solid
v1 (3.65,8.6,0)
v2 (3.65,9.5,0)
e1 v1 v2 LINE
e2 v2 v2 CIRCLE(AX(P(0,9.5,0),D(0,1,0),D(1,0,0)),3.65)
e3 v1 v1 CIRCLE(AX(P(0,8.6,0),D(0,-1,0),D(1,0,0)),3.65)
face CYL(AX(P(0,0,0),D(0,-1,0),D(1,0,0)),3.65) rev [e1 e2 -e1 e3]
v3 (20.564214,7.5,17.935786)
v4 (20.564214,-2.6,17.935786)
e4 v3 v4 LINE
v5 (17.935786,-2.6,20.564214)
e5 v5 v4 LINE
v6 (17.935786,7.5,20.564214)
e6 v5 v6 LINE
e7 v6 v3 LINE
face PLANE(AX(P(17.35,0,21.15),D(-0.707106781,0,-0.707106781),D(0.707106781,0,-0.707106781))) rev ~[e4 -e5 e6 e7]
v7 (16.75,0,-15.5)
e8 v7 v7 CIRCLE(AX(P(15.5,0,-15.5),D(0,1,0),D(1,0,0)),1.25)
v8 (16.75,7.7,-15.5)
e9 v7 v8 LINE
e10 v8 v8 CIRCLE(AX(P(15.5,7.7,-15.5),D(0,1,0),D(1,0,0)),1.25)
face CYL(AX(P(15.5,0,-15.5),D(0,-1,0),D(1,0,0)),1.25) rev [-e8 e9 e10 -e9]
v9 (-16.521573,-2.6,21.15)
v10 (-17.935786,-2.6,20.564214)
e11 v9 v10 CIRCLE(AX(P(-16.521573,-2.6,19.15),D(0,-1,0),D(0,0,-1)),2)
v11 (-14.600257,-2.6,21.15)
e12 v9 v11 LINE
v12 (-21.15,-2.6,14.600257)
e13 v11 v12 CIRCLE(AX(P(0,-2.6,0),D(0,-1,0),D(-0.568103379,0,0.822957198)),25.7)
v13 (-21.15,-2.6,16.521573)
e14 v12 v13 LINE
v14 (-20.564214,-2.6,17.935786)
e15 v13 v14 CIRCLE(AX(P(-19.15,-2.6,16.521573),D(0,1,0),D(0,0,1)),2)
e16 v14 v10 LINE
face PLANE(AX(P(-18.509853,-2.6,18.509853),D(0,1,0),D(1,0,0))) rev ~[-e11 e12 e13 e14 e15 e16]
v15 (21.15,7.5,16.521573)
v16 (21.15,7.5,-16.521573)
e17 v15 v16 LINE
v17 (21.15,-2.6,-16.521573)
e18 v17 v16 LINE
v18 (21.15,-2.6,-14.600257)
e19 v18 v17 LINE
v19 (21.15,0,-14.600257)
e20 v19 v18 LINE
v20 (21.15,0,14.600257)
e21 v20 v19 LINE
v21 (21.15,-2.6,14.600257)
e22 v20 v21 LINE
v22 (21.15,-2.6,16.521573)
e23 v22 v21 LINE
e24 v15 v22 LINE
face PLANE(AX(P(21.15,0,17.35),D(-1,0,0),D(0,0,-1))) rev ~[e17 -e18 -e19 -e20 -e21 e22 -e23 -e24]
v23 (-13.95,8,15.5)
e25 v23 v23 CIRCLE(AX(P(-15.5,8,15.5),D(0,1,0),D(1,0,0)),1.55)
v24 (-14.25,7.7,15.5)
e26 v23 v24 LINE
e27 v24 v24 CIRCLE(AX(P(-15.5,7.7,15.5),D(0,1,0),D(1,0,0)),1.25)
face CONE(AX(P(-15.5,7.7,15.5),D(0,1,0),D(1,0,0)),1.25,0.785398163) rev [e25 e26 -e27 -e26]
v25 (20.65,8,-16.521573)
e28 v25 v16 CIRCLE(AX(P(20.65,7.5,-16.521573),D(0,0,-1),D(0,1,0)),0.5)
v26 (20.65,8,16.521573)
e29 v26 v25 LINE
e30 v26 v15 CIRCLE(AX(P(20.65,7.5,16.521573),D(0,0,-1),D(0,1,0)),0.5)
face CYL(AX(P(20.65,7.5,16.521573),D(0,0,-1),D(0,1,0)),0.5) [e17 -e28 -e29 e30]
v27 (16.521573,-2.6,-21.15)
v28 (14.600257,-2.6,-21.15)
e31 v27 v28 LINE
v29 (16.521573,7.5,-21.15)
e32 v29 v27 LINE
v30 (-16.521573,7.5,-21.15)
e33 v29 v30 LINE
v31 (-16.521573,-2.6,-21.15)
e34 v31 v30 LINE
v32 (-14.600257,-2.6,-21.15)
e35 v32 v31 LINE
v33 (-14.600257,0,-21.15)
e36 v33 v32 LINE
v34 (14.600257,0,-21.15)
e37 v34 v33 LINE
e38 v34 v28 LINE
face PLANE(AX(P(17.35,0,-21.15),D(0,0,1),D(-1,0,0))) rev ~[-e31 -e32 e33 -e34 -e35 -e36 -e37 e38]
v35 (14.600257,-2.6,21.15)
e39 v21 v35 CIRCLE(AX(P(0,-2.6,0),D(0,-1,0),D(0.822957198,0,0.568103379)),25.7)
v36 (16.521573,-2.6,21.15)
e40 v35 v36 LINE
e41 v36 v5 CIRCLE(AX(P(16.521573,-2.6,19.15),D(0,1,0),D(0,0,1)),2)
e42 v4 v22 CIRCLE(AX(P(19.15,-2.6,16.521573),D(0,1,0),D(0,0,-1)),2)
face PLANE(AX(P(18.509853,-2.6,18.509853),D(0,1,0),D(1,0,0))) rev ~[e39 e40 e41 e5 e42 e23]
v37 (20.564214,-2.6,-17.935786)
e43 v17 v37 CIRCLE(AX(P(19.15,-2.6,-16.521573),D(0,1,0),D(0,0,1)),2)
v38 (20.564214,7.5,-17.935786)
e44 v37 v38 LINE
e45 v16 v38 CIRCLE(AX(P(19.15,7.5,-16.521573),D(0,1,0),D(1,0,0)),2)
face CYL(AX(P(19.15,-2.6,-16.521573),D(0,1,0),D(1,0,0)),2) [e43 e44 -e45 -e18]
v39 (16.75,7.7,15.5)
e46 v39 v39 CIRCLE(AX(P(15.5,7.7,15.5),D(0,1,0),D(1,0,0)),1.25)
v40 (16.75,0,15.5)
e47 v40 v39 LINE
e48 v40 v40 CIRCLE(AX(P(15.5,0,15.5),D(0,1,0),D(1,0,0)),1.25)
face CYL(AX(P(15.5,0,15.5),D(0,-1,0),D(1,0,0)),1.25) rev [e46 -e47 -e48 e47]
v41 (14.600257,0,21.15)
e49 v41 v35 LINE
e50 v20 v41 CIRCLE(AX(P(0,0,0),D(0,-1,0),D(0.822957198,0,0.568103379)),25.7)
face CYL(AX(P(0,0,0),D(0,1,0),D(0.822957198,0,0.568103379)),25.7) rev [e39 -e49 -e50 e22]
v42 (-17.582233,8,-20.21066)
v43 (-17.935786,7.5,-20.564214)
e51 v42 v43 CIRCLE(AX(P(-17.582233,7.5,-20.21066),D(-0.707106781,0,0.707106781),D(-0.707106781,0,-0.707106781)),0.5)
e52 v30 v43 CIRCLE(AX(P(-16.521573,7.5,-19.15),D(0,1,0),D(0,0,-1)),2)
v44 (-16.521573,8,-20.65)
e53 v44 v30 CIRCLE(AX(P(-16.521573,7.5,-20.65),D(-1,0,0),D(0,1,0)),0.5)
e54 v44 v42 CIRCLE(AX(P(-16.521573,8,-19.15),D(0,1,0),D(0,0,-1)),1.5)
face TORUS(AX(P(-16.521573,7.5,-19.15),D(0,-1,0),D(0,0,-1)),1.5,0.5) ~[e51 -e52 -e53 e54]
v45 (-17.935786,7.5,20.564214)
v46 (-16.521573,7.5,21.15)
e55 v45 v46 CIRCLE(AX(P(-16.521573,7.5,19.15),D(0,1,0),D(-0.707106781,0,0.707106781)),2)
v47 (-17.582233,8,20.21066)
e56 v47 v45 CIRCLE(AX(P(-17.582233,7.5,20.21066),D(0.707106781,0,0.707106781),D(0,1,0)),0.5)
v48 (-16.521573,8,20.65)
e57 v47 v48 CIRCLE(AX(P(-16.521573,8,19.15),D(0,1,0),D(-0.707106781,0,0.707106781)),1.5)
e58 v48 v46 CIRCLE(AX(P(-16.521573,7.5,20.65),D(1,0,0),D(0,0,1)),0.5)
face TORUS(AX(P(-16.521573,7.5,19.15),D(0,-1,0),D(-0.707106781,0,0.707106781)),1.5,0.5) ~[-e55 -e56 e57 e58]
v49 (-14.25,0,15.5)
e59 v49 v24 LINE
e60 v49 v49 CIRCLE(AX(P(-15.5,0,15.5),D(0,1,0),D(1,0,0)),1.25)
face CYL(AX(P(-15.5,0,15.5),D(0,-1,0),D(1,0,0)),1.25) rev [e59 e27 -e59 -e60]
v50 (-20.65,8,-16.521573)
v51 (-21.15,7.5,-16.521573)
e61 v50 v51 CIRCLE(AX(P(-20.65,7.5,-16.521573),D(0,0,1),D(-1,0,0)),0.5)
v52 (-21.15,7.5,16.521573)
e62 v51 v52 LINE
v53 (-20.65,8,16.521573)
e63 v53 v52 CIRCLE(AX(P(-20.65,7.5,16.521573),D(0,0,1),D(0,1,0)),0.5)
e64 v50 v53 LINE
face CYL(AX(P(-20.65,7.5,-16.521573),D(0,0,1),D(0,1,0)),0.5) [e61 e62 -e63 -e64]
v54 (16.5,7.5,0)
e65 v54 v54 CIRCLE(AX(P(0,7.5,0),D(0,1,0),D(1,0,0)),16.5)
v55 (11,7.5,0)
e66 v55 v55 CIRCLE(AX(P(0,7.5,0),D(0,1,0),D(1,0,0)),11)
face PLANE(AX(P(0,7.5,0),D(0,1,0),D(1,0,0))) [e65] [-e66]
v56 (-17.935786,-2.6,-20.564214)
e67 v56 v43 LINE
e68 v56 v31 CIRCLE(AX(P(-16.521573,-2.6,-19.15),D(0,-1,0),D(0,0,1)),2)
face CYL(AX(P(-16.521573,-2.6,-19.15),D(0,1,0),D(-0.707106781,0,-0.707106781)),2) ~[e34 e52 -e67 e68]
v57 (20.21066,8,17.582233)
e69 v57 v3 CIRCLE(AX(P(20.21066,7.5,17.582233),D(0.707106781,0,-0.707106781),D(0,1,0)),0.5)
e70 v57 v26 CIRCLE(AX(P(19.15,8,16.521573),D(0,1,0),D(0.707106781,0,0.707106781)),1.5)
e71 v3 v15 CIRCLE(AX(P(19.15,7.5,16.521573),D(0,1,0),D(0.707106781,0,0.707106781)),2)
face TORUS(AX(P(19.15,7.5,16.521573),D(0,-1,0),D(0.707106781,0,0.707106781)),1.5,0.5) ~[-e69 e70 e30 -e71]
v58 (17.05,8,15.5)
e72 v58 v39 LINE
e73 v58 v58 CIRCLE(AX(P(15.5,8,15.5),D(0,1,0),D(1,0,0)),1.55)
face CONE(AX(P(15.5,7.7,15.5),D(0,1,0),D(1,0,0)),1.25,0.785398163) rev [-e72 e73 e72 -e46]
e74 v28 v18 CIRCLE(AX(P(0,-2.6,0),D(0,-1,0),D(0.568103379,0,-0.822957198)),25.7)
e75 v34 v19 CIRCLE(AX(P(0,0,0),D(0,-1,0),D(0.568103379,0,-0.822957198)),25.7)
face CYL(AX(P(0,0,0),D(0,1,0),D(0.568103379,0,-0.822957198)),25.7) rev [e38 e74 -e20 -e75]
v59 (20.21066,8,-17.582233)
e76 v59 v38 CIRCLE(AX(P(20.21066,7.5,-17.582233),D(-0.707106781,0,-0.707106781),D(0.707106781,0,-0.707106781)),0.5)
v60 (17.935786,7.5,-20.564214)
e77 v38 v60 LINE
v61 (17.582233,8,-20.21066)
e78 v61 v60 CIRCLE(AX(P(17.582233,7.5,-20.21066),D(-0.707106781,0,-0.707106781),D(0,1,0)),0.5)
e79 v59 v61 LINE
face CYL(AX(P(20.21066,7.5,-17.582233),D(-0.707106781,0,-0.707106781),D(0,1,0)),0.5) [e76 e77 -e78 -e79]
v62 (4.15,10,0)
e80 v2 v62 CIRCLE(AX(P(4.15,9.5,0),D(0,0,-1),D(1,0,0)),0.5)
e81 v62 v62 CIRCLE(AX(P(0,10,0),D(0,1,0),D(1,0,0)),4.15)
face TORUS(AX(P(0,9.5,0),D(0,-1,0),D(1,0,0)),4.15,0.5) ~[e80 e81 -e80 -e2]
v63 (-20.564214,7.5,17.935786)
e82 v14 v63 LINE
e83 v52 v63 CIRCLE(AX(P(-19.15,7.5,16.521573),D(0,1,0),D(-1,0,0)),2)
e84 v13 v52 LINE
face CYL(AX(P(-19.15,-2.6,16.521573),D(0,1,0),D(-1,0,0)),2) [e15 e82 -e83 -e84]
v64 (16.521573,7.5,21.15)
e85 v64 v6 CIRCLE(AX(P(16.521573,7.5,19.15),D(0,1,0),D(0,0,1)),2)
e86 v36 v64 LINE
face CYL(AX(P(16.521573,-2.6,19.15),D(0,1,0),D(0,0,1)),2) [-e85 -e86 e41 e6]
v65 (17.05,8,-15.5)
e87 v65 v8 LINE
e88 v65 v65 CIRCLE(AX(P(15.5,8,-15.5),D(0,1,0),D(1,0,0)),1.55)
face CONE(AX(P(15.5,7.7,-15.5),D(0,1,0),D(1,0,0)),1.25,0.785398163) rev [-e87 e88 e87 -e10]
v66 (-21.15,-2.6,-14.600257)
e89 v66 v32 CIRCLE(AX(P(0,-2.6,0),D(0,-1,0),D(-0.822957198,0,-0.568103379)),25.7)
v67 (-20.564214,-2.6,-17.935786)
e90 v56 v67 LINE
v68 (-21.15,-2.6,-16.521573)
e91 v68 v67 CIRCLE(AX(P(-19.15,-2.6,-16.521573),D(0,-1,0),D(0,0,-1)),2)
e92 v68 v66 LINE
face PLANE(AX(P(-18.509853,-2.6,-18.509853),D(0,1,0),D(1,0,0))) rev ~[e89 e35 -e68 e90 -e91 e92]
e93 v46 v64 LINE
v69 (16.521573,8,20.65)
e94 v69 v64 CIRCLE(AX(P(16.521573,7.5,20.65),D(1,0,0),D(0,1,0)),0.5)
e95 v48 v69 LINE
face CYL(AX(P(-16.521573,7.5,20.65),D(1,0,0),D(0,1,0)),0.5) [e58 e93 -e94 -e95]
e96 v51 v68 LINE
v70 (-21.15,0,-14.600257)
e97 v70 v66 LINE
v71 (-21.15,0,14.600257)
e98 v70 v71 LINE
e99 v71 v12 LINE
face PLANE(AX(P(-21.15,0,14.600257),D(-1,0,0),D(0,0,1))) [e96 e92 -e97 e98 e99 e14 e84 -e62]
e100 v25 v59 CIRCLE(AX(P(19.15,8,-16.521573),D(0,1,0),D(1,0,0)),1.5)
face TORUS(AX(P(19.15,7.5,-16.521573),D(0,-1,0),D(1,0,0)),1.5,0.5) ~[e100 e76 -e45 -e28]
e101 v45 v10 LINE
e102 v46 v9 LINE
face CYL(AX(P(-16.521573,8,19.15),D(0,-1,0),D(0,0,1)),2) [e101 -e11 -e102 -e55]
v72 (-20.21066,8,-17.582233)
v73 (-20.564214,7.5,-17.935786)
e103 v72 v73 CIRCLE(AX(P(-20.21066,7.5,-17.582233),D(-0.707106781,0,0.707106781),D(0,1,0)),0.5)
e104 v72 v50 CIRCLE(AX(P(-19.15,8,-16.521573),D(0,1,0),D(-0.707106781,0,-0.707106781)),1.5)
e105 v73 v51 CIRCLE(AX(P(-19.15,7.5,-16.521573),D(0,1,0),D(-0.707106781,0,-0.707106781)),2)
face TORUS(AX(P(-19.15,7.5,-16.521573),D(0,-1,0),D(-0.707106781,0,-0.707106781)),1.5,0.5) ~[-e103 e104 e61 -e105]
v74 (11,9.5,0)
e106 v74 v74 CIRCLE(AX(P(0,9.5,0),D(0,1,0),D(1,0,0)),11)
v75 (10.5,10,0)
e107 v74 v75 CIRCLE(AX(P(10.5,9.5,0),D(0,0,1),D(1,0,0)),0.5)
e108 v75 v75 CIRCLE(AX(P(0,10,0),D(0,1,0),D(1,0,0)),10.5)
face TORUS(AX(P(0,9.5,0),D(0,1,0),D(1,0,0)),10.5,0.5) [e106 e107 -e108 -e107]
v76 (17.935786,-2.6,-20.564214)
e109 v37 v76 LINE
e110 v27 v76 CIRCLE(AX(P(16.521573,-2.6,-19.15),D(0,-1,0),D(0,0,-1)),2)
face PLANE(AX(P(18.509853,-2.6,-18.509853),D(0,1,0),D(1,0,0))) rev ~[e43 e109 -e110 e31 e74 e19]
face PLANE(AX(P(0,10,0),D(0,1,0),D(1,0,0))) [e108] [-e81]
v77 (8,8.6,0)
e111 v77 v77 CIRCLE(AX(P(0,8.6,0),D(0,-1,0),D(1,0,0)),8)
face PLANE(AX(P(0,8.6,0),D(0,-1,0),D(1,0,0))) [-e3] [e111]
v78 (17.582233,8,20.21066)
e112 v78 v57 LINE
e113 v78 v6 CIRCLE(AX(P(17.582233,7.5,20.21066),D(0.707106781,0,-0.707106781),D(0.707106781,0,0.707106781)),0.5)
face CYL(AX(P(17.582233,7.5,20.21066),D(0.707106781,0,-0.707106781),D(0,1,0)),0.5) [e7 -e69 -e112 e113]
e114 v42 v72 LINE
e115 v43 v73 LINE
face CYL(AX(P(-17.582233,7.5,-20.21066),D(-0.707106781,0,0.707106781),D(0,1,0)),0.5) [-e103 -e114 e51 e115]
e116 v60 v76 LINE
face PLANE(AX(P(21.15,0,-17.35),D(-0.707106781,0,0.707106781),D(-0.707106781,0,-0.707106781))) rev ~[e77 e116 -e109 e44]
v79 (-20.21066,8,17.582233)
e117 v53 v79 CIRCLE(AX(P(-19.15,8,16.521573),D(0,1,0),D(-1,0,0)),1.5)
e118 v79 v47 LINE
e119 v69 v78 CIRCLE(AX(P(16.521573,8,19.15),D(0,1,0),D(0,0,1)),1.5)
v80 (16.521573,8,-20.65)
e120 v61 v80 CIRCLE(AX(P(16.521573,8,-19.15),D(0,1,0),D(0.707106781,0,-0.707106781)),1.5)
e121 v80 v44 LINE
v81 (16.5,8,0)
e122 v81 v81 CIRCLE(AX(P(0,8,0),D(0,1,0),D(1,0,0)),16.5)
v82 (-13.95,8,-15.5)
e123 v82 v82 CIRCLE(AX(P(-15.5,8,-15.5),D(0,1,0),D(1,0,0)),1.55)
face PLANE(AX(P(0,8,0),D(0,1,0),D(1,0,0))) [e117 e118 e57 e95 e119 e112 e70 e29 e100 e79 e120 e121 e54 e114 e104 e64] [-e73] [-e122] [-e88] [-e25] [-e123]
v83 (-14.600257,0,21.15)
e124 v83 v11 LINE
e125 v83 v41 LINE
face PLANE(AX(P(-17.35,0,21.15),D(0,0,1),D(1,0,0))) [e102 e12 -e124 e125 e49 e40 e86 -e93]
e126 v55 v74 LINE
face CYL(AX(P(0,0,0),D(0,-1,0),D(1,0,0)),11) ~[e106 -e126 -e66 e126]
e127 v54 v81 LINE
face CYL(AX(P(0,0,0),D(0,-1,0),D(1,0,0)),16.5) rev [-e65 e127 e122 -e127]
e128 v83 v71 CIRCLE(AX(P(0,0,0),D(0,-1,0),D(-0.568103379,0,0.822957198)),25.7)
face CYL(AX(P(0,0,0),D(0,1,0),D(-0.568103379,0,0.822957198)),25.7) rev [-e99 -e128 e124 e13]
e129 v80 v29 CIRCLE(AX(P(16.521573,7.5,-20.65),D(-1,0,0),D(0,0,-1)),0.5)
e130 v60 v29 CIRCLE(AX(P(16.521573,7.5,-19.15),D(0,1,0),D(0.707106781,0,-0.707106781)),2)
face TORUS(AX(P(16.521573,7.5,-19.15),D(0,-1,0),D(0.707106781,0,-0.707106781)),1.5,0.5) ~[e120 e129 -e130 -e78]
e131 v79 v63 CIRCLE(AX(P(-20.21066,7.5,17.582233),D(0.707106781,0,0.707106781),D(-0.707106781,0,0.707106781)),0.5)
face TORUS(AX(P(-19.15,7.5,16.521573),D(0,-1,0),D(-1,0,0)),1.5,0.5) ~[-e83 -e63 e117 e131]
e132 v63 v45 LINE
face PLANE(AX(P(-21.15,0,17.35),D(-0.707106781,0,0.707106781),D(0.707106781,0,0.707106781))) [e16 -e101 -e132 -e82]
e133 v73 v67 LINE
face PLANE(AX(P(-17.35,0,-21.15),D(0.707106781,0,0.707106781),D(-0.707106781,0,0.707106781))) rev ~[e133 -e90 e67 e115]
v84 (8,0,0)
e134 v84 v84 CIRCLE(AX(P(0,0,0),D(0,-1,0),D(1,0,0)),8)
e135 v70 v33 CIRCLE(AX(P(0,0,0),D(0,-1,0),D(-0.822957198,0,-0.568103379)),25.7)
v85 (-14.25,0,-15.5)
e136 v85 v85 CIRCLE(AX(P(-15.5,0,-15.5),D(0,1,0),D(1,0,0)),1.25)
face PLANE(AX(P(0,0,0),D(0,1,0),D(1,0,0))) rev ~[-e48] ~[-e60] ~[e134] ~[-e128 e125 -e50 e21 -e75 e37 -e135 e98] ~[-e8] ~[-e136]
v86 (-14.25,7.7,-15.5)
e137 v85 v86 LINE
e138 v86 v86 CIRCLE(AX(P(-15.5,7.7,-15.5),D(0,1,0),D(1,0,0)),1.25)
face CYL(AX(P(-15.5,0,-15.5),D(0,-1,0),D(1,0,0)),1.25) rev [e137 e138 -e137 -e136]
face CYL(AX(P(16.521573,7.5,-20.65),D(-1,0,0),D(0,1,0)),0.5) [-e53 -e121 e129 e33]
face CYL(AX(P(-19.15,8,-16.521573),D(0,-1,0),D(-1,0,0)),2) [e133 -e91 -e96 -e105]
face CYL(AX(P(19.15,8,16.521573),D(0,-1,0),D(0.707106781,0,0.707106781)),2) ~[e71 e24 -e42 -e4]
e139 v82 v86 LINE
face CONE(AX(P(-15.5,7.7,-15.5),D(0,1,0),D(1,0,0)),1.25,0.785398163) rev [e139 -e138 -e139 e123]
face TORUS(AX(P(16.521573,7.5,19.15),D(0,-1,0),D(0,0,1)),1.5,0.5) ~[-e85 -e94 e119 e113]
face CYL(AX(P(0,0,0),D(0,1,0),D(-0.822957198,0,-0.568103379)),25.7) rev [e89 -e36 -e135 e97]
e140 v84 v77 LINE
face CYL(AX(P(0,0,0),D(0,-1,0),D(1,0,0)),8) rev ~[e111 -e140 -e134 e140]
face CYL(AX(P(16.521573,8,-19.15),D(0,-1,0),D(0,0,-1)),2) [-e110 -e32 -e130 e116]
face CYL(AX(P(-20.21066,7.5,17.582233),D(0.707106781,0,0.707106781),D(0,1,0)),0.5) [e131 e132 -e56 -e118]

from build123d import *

# Parameters (mm, degrees)
SKETCH_1_R          = 2.65
SKETCH_1_R_2        = 16.5
SKETCH_1_R_3        = 1.25
EXTRUDE_1_DEPTH     = 8
SKETCH_1_3_R        = 16.5
SKETCH_1_3_R_2      = 11
EXTRUDE_2_DEPTH     = 7.5
SKETCH_1_4_R        = 11
SKETCH_1_4_R_2      = 3.65
EXTRUDE_3_DEPTH     = 10
EXTRUDE_4_DEPTH     = 2.6
SKETCH_2_R          = 8
CUT_EXTRUDE_1_DEPTH = 8.6
FILLET_1_R          = 2
FILLET_2_R          = 0.5
CHAMFER_1_SIZE      = 0.3


with BuildPart() as part:
    # Sketch 1 → Extrude 1 (new body)
    with BuildSketch(Plane(origin=(0, 0, 0), x_dir=(1, 0, 0), z_dir=(0, 1, 0))):
        with BuildLine():
            ThreePointArc((-14.600256847, 21.15), (-18.172644276, 18.172644276), (-21.15, 14.600256847))
            Line((-21.15, 14.600256847), (-21.15, -14.600256847))
            ThreePointArc((-21.15, -14.600256847), (-18.172644276, -18.172644276), (-14.600256847, -21.15))
            Line((-14.600256847, -21.15), (14.600256847, -21.15))
            ThreePointArc((14.600256847, -21.15), (18.172644276, -18.172644276), (21.15, -14.600256847))
            Line((21.15, -14.600256847), (21.15, 14.600256847))
            ThreePointArc((21.15, 14.600256847), (18.172644276, 18.172644276), (14.600256847, 21.15))
            Line((14.600256847, 21.15), (-14.600256847, 21.15))
        make_face()
        with Locations((-15.5, -15.5)):
            Circle(SKETCH_1_R, mode=Mode.SUBTRACT)
        with Locations((15.5, -15.5)):
            Circle(SKETCH_1_R, mode=Mode.SUBTRACT)
        Circle(SKETCH_1_R_2, mode=Mode.SUBTRACT)
        with Locations((-15.5, 15.5)):
            Circle(SKETCH_1_R, mode=Mode.SUBTRACT)
        with Locations((15.5, 15.5)):
            Circle(SKETCH_1_R, mode=Mode.SUBTRACT)
        with Locations((15.5, -15.5)):
            Circle(SKETCH_1_R)
        with Locations((15.5, -15.5)):
            Circle(SKETCH_1_R_3, mode=Mode.SUBTRACT)
        with Locations((-15.5, -15.5)):
            Circle(SKETCH_1_R)
        with Locations((-15.5, -15.5)):
            Circle(SKETCH_1_R_3, mode=Mode.SUBTRACT)
        with Locations((-15.5, 15.5)):
            Circle(SKETCH_1_R)
        with Locations((-15.5, 15.5)):
            Circle(SKETCH_1_R_3, mode=Mode.SUBTRACT)
        with Locations((15.5, 15.5)):
            Circle(SKETCH_1_R)
        with Locations((15.5, 15.5)):
            Circle(SKETCH_1_R_3, mode=Mode.SUBTRACT)
        with BuildLine():
            ThreePointArc((-14.600256847, -21.15), (-18.172644276, -18.172644276), (-21.15, -14.600256847))
            Line((-21.15, -14.600256847), (-21.15, -17.35))
            Line((-21.15, -17.35), (-17.35, -21.15))
            Line((-17.35, -21.15), (-14.600256847, -21.15))
        make_face()
        with BuildLine():
            Line((-17.35, 21.15), (-21.15, 17.35))
            Line((-21.15, 17.35), (-21.15, 14.600256847))
            ThreePointArc((-21.15, 14.600256847), (-18.172644276, 18.172644276), (-14.600256847, 21.15))
            Line((-14.600256847, 21.15), (-17.35, 21.15))
        make_face()
        with BuildLine():
            Line((17.35, 21.15), (14.600256847, 21.15))
            ThreePointArc((14.600256847, 21.15), (18.172644276, 18.172644276), (21.15, 14.600256847))
            Line((21.15, 14.600256847), (21.15, 17.35))
            Line((21.15, 17.35), (17.35, 21.15))
        make_face()
        with BuildLine():
            ThreePointArc((21.15, -14.600256847), (18.172644276, -18.172644276), (14.600256847, -21.15))
            Line((14.600256847, -21.15), (17.35, -21.15))
            Line((17.35, -21.15), (21.15, -17.35))
            Line((21.15, -17.35), (21.15, -14.600256847))
        make_face()
    extrude(amount=EXTRUDE_1_DEPTH)

    # Sketch 1_3 → Extrude 2 (add)
    with BuildSketch(Plane(origin=(0, 0, 0), x_dir=(1, 0, 0), z_dir=(0, 1, 0))):
        Circle(SKETCH_1_3_R)
        Circle(SKETCH_1_3_R_2, mode=Mode.SUBTRACT)
    extrude(amount=EXTRUDE_2_DEPTH)

    # Sketch 1_4 → Extrude 3 (add)
    with BuildSketch(Plane(origin=(0, 0, 0), x_dir=(1, 0, 0), z_dir=(0, 1, 0))):
        Circle(SKETCH_1_4_R)
        Circle(SKETCH_1_4_R_2, mode=Mode.SUBTRACT)
    extrude(amount=EXTRUDE_3_DEPTH)

    # Sketch 1_5 → Extrude 4 (add)
    with BuildSketch(Plane(origin=(0, 0, 0), x_dir=(1, 0, 0), z_dir=(0, 1, 0))):
        with BuildLine():
            ThreePointArc((-14.600256847, -21.15), (-18.172644276, -18.172644276), (-21.15, -14.600256847))
            Line((-21.15, -14.600256847), (-21.15, -17.35))
            Line((-21.15, -17.35), (-17.35, -21.15))
            Line((-17.35, -21.15), (-14.600256847, -21.15))
        make_face()
        with BuildLine():
            ThreePointArc((21.15, -14.600256847), (18.172644276, -18.172644276), (14.600256847, -21.15))
            Line((14.600256847, -21.15), (17.35, -21.15))
            Line((17.35, -21.15), (21.15, -17.35))
            Line((21.15, -17.35), (21.15, -14.600256847))
        make_face()
        with BuildLine():
            Line((-17.35, 21.15), (-21.15, 17.35))
            Line((-21.15, 17.35), (-21.15, 14.600256847))
            ThreePointArc((-21.15, 14.600256847), (-18.172644276, 18.172644276), (-14.600256847, 21.15))
            Line((-14.600256847, 21.15), (-17.35, 21.15))
        make_face()
        with BuildLine():
            Line((17.35, 21.15), (14.600256847, 21.15))
            ThreePointArc((14.600256847, 21.15), (18.172644276, 18.172644276), (21.15, 14.600256847))
            Line((21.15, 14.600256847), (21.15, 17.35))
            Line((21.15, 17.35), (17.35, 21.15))
        make_face()
    extrude(amount=-EXTRUDE_4_DEPTH)

    # Sketch 2 → Cut-Extrude 1 (cut)
    with BuildSketch(Plane.XZ):
        Circle(SKETCH_2_R)
    extrude(amount=-CUT_EXTRUDE_1_DEPTH, mode=Mode.SUBTRACT)

    # Fillet 1
    fillet_1_edges = [part.edges().sort_by_distance(p)[0] for p in [
        (-17.35, 2.7, 21.15),
        (-21.15, 2.7, 17.35),
        (-21.15, 2.7, -17.35),
        (-17.35, 2.7, -21.15),
        (17.35, 2.7, -21.15),
        (21.15, 2.7, -17.35),
        (21.15, 2.7, 17.35),
        (17.35, 2.7, 21.15),
    ]]
    fillet(fillet_1_edges, radius=FILLET_1_R)

    # Fillet 2
    fillet_2_edges = [part.edges().sort_by_distance(p)[0] for p in [
        (21.15, 8, 0),
        (19.25, 8, 19.25),
        (0, 8, 21.15),
        (19.25, 8, -19.25),
        (0, 8, -21.15),
        (-19.25, 8, -19.25),
        (-21.15, 8, 0),
        (-19.25, 8, 19.25),
        (20.997759065, 8, -17.28693974),
        (17.28693974, 8, -20.997759065),
        (-17.28693974, 8, -20.997759065),
        (-20.997759065, 8, -17.28693974),
        (-20.997759065, 8, 17.28693974),
        (-17.28693974, 8, 20.997759065),
        (17.28693974, 8, 20.997759065),
        (20.997759065, 8, 17.28693974),
        (-3.65, 10, 0),
        (-11, 10, 0),
    ]]
    fillet(fillet_2_edges, radius=FILLET_2_R)

    # Chamfer 1
    chamfer_1_edges = [part.edges().sort_by_distance(p)[0] for p in [
        (-16.75, 8, -15.5),
        (14.25, 8, -15.5),
        (14.25, 8, 15.5),
        (-16.75, 8, 15.5),
    ]]
    chamfer(chamfer_1_edges, length=CHAMFER_1_SIZE)


solid = part.part
